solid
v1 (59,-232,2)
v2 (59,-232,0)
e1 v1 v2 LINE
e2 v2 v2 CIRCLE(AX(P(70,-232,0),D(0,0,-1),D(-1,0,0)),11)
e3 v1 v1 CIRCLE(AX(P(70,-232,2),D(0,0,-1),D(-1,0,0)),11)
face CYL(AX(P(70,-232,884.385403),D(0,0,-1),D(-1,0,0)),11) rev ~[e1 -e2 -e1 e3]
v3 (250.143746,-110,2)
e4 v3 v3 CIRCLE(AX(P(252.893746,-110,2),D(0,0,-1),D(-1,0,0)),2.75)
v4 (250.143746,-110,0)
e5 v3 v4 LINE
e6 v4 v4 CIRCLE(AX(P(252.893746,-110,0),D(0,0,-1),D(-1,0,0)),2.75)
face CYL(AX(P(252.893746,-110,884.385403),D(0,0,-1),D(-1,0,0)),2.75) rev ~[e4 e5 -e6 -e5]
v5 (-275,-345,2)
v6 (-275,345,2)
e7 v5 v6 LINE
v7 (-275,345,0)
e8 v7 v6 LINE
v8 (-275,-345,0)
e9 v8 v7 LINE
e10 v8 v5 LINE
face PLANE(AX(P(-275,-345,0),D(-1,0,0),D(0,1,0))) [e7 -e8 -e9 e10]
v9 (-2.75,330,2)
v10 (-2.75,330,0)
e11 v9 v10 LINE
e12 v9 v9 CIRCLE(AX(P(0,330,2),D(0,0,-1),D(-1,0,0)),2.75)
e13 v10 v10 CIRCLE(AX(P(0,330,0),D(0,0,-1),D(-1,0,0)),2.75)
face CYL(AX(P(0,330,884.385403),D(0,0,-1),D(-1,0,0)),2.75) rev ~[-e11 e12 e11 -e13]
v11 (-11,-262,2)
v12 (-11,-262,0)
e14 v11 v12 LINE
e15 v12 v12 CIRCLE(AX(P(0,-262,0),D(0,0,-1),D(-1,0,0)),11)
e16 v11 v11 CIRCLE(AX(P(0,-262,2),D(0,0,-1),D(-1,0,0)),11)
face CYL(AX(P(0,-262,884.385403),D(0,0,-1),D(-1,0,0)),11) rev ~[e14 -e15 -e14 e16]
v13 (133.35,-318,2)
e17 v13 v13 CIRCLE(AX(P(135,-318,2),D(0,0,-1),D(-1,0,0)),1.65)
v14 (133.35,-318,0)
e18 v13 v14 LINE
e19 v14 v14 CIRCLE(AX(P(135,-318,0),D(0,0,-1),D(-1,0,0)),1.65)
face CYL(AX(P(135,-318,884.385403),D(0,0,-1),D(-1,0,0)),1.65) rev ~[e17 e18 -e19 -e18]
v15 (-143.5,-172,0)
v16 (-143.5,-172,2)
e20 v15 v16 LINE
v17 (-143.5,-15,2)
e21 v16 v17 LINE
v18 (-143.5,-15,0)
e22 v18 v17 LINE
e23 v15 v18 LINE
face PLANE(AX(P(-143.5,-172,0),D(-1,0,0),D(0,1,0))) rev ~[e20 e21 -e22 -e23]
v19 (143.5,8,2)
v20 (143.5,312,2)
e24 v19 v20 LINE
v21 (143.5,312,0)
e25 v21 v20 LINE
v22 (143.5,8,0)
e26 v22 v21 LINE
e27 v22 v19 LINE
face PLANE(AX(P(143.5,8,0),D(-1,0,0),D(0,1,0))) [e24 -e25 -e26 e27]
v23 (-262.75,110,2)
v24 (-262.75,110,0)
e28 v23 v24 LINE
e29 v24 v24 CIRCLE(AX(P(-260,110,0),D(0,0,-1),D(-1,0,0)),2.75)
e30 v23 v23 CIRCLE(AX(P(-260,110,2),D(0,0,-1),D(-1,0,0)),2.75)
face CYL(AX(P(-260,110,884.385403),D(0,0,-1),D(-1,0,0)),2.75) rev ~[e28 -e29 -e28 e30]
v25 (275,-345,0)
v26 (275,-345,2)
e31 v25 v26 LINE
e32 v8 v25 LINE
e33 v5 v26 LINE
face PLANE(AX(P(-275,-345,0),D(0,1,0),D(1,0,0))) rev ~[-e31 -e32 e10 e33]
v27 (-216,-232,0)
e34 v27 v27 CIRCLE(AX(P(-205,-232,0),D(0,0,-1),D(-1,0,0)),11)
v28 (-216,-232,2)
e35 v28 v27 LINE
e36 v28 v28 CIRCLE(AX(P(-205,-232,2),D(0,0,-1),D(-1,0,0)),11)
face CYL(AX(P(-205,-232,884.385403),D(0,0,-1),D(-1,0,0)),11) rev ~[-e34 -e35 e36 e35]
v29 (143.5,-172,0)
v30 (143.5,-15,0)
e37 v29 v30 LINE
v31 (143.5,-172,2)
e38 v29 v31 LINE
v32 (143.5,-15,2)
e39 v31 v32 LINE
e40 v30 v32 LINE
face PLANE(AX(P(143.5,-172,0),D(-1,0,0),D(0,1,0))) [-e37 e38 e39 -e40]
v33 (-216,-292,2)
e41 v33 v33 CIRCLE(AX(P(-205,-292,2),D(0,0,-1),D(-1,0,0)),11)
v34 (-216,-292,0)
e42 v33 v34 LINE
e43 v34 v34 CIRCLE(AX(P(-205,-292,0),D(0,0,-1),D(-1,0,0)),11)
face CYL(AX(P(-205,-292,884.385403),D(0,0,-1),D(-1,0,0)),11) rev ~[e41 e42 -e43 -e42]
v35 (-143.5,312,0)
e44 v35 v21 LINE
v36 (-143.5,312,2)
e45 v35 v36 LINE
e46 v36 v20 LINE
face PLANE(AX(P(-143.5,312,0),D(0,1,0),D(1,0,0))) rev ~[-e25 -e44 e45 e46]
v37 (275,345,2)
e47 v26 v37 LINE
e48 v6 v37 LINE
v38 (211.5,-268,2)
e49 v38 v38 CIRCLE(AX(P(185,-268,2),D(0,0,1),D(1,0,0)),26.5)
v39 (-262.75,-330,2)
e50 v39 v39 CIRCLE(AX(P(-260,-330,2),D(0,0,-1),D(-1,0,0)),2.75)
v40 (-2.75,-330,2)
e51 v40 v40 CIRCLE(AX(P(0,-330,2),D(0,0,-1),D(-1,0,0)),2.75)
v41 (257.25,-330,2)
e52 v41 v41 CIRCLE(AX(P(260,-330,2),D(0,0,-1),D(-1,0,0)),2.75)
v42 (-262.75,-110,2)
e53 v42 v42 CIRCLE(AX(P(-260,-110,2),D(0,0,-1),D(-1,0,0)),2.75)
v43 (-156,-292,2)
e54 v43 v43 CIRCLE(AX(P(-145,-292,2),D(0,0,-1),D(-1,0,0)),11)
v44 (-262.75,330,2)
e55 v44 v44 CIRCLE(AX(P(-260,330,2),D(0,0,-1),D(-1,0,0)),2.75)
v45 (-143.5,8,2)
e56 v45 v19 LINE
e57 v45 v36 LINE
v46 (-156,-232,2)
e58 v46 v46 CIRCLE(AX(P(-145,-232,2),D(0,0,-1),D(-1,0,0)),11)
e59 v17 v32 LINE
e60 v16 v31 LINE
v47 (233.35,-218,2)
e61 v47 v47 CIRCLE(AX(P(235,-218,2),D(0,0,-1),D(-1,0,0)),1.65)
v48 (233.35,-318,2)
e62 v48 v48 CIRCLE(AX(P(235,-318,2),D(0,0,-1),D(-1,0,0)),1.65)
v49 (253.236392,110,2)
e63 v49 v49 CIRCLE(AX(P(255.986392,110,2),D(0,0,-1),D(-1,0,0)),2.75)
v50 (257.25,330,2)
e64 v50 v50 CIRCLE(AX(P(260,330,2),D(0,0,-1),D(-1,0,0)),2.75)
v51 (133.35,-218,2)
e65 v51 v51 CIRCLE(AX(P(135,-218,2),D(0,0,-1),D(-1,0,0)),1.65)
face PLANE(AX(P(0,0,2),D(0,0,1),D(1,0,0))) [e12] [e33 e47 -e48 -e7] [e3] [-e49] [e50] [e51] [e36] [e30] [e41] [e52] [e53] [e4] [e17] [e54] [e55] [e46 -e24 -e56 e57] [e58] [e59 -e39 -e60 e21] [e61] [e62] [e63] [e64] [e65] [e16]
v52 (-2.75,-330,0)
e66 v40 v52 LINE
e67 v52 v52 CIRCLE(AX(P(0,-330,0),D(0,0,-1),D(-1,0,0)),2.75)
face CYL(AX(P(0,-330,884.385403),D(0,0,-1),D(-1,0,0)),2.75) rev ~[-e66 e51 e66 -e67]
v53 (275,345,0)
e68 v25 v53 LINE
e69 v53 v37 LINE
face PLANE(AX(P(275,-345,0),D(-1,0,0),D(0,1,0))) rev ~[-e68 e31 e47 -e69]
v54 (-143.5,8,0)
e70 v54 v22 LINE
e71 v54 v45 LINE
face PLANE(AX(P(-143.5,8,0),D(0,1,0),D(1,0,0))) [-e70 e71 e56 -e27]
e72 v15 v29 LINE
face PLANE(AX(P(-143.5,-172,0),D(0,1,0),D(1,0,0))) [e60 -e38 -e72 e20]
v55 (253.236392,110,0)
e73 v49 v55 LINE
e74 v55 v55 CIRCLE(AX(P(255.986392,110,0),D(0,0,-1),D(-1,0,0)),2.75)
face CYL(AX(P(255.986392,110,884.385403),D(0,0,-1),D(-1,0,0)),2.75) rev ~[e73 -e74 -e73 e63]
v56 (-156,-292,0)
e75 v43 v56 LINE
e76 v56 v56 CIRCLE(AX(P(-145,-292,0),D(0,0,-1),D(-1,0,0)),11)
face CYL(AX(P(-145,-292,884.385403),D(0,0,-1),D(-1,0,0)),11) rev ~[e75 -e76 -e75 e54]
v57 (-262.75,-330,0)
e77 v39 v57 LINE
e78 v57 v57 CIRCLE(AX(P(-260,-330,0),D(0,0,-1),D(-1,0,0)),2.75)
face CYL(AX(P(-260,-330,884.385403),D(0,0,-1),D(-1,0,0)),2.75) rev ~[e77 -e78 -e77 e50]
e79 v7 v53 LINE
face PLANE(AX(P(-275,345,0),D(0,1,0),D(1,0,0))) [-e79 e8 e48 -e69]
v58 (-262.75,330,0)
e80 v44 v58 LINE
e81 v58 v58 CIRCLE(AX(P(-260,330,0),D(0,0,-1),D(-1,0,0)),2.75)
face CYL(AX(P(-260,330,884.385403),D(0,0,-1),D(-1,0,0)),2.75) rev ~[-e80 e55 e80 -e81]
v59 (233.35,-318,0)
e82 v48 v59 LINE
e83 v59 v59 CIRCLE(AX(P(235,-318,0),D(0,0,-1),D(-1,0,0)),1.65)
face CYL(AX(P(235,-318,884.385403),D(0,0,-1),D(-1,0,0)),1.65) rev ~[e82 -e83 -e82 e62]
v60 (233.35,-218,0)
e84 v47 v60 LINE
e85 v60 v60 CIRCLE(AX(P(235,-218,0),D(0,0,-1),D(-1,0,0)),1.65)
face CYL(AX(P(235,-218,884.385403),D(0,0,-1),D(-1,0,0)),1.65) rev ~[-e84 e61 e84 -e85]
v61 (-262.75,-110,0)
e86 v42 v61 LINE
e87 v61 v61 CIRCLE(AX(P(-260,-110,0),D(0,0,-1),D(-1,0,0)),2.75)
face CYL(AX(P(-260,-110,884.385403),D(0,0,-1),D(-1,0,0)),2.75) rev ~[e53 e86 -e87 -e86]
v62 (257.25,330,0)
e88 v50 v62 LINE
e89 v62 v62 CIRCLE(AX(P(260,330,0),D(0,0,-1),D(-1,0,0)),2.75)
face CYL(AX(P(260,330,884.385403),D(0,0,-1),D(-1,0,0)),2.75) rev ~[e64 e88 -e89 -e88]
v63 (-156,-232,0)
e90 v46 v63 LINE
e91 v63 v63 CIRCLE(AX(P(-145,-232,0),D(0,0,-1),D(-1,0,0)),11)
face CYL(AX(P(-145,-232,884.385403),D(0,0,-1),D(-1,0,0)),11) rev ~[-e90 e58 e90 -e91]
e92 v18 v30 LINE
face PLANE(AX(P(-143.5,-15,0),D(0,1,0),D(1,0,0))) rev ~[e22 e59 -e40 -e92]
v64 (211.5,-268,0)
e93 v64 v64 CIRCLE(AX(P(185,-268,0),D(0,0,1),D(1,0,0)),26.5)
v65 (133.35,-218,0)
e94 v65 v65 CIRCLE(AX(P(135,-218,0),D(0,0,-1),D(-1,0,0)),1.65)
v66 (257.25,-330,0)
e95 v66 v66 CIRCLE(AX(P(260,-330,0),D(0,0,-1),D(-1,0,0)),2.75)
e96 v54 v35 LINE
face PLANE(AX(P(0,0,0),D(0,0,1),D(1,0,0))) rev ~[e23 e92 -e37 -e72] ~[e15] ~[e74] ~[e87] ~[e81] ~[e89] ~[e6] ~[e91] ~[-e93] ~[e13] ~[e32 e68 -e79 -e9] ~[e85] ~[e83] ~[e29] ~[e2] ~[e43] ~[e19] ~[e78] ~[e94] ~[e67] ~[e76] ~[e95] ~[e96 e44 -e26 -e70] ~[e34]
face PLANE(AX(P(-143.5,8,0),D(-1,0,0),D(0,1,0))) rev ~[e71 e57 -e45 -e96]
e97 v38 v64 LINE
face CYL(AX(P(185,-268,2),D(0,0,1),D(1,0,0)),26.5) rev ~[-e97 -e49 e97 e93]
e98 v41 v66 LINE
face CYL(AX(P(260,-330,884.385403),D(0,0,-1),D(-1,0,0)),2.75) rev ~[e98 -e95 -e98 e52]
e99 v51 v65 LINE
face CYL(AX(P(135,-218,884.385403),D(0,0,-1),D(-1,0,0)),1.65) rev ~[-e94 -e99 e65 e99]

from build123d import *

# Parameters (mm, degrees)
F0_W     = 550
F0_H     = 690
F0_W_2   = 287
F0_H_2   = 157
F0_H_3   = 304
F1_DEPTH = 2
F2_R     = 26.5
F3_DEPTH = 2.001
F5_D     = 3.3
F7_D     = 22
F10_D    = 5.5


with BuildPart() as f1:
    # F0 (on Top) → F1 (new body)
    with BuildSketch(Plane.XY):
        Rectangle(F0_W, F0_H)
        with Locations((0, -93.5)):
            Rectangle(F0_W_2, F0_H_2, mode=Mode.SUBTRACT)
        with Locations((0, 160)):
            Rectangle(F0_W_2, F0_H_3, mode=Mode.SUBTRACT)
    extrude(amount=F1_DEPTH)

    # F2 (on face) → F3 (cut, through all)
    with BuildSketch(Plane.XY.offset(2)):
        with Locations((185, -268)):
            Circle(F2_R)
    extrude(amount=-F3_DEPTH, mode=Mode.SUBTRACT)

    # F5 (through all)
    with Locations(Plane.XY.offset(2)):
        with Locations((135, -218), (235, -218), (235, -318), (135, -318)):
            Hole(F5_D / 2)

    # F7 (through all)
    with Locations(Plane.XY.offset(2)):
        with Locations((-205, -232), (-145, -232), (0, -262), (70, -232), (-205, -292), (-145, -292)):
            Hole(F7_D / 2)

    # F10 (through all)
    with Locations(Plane.XY.offset(2)):
        with Locations((-260, 330), (0, 330), (260, 330), (255.986392498, 110), (252.8937458992, -110), (260, -330), (0, -330), (-260, -330), (-260, -110), (-260, 110)):
            Hole(F10_D / 2)


solid = f1.part
